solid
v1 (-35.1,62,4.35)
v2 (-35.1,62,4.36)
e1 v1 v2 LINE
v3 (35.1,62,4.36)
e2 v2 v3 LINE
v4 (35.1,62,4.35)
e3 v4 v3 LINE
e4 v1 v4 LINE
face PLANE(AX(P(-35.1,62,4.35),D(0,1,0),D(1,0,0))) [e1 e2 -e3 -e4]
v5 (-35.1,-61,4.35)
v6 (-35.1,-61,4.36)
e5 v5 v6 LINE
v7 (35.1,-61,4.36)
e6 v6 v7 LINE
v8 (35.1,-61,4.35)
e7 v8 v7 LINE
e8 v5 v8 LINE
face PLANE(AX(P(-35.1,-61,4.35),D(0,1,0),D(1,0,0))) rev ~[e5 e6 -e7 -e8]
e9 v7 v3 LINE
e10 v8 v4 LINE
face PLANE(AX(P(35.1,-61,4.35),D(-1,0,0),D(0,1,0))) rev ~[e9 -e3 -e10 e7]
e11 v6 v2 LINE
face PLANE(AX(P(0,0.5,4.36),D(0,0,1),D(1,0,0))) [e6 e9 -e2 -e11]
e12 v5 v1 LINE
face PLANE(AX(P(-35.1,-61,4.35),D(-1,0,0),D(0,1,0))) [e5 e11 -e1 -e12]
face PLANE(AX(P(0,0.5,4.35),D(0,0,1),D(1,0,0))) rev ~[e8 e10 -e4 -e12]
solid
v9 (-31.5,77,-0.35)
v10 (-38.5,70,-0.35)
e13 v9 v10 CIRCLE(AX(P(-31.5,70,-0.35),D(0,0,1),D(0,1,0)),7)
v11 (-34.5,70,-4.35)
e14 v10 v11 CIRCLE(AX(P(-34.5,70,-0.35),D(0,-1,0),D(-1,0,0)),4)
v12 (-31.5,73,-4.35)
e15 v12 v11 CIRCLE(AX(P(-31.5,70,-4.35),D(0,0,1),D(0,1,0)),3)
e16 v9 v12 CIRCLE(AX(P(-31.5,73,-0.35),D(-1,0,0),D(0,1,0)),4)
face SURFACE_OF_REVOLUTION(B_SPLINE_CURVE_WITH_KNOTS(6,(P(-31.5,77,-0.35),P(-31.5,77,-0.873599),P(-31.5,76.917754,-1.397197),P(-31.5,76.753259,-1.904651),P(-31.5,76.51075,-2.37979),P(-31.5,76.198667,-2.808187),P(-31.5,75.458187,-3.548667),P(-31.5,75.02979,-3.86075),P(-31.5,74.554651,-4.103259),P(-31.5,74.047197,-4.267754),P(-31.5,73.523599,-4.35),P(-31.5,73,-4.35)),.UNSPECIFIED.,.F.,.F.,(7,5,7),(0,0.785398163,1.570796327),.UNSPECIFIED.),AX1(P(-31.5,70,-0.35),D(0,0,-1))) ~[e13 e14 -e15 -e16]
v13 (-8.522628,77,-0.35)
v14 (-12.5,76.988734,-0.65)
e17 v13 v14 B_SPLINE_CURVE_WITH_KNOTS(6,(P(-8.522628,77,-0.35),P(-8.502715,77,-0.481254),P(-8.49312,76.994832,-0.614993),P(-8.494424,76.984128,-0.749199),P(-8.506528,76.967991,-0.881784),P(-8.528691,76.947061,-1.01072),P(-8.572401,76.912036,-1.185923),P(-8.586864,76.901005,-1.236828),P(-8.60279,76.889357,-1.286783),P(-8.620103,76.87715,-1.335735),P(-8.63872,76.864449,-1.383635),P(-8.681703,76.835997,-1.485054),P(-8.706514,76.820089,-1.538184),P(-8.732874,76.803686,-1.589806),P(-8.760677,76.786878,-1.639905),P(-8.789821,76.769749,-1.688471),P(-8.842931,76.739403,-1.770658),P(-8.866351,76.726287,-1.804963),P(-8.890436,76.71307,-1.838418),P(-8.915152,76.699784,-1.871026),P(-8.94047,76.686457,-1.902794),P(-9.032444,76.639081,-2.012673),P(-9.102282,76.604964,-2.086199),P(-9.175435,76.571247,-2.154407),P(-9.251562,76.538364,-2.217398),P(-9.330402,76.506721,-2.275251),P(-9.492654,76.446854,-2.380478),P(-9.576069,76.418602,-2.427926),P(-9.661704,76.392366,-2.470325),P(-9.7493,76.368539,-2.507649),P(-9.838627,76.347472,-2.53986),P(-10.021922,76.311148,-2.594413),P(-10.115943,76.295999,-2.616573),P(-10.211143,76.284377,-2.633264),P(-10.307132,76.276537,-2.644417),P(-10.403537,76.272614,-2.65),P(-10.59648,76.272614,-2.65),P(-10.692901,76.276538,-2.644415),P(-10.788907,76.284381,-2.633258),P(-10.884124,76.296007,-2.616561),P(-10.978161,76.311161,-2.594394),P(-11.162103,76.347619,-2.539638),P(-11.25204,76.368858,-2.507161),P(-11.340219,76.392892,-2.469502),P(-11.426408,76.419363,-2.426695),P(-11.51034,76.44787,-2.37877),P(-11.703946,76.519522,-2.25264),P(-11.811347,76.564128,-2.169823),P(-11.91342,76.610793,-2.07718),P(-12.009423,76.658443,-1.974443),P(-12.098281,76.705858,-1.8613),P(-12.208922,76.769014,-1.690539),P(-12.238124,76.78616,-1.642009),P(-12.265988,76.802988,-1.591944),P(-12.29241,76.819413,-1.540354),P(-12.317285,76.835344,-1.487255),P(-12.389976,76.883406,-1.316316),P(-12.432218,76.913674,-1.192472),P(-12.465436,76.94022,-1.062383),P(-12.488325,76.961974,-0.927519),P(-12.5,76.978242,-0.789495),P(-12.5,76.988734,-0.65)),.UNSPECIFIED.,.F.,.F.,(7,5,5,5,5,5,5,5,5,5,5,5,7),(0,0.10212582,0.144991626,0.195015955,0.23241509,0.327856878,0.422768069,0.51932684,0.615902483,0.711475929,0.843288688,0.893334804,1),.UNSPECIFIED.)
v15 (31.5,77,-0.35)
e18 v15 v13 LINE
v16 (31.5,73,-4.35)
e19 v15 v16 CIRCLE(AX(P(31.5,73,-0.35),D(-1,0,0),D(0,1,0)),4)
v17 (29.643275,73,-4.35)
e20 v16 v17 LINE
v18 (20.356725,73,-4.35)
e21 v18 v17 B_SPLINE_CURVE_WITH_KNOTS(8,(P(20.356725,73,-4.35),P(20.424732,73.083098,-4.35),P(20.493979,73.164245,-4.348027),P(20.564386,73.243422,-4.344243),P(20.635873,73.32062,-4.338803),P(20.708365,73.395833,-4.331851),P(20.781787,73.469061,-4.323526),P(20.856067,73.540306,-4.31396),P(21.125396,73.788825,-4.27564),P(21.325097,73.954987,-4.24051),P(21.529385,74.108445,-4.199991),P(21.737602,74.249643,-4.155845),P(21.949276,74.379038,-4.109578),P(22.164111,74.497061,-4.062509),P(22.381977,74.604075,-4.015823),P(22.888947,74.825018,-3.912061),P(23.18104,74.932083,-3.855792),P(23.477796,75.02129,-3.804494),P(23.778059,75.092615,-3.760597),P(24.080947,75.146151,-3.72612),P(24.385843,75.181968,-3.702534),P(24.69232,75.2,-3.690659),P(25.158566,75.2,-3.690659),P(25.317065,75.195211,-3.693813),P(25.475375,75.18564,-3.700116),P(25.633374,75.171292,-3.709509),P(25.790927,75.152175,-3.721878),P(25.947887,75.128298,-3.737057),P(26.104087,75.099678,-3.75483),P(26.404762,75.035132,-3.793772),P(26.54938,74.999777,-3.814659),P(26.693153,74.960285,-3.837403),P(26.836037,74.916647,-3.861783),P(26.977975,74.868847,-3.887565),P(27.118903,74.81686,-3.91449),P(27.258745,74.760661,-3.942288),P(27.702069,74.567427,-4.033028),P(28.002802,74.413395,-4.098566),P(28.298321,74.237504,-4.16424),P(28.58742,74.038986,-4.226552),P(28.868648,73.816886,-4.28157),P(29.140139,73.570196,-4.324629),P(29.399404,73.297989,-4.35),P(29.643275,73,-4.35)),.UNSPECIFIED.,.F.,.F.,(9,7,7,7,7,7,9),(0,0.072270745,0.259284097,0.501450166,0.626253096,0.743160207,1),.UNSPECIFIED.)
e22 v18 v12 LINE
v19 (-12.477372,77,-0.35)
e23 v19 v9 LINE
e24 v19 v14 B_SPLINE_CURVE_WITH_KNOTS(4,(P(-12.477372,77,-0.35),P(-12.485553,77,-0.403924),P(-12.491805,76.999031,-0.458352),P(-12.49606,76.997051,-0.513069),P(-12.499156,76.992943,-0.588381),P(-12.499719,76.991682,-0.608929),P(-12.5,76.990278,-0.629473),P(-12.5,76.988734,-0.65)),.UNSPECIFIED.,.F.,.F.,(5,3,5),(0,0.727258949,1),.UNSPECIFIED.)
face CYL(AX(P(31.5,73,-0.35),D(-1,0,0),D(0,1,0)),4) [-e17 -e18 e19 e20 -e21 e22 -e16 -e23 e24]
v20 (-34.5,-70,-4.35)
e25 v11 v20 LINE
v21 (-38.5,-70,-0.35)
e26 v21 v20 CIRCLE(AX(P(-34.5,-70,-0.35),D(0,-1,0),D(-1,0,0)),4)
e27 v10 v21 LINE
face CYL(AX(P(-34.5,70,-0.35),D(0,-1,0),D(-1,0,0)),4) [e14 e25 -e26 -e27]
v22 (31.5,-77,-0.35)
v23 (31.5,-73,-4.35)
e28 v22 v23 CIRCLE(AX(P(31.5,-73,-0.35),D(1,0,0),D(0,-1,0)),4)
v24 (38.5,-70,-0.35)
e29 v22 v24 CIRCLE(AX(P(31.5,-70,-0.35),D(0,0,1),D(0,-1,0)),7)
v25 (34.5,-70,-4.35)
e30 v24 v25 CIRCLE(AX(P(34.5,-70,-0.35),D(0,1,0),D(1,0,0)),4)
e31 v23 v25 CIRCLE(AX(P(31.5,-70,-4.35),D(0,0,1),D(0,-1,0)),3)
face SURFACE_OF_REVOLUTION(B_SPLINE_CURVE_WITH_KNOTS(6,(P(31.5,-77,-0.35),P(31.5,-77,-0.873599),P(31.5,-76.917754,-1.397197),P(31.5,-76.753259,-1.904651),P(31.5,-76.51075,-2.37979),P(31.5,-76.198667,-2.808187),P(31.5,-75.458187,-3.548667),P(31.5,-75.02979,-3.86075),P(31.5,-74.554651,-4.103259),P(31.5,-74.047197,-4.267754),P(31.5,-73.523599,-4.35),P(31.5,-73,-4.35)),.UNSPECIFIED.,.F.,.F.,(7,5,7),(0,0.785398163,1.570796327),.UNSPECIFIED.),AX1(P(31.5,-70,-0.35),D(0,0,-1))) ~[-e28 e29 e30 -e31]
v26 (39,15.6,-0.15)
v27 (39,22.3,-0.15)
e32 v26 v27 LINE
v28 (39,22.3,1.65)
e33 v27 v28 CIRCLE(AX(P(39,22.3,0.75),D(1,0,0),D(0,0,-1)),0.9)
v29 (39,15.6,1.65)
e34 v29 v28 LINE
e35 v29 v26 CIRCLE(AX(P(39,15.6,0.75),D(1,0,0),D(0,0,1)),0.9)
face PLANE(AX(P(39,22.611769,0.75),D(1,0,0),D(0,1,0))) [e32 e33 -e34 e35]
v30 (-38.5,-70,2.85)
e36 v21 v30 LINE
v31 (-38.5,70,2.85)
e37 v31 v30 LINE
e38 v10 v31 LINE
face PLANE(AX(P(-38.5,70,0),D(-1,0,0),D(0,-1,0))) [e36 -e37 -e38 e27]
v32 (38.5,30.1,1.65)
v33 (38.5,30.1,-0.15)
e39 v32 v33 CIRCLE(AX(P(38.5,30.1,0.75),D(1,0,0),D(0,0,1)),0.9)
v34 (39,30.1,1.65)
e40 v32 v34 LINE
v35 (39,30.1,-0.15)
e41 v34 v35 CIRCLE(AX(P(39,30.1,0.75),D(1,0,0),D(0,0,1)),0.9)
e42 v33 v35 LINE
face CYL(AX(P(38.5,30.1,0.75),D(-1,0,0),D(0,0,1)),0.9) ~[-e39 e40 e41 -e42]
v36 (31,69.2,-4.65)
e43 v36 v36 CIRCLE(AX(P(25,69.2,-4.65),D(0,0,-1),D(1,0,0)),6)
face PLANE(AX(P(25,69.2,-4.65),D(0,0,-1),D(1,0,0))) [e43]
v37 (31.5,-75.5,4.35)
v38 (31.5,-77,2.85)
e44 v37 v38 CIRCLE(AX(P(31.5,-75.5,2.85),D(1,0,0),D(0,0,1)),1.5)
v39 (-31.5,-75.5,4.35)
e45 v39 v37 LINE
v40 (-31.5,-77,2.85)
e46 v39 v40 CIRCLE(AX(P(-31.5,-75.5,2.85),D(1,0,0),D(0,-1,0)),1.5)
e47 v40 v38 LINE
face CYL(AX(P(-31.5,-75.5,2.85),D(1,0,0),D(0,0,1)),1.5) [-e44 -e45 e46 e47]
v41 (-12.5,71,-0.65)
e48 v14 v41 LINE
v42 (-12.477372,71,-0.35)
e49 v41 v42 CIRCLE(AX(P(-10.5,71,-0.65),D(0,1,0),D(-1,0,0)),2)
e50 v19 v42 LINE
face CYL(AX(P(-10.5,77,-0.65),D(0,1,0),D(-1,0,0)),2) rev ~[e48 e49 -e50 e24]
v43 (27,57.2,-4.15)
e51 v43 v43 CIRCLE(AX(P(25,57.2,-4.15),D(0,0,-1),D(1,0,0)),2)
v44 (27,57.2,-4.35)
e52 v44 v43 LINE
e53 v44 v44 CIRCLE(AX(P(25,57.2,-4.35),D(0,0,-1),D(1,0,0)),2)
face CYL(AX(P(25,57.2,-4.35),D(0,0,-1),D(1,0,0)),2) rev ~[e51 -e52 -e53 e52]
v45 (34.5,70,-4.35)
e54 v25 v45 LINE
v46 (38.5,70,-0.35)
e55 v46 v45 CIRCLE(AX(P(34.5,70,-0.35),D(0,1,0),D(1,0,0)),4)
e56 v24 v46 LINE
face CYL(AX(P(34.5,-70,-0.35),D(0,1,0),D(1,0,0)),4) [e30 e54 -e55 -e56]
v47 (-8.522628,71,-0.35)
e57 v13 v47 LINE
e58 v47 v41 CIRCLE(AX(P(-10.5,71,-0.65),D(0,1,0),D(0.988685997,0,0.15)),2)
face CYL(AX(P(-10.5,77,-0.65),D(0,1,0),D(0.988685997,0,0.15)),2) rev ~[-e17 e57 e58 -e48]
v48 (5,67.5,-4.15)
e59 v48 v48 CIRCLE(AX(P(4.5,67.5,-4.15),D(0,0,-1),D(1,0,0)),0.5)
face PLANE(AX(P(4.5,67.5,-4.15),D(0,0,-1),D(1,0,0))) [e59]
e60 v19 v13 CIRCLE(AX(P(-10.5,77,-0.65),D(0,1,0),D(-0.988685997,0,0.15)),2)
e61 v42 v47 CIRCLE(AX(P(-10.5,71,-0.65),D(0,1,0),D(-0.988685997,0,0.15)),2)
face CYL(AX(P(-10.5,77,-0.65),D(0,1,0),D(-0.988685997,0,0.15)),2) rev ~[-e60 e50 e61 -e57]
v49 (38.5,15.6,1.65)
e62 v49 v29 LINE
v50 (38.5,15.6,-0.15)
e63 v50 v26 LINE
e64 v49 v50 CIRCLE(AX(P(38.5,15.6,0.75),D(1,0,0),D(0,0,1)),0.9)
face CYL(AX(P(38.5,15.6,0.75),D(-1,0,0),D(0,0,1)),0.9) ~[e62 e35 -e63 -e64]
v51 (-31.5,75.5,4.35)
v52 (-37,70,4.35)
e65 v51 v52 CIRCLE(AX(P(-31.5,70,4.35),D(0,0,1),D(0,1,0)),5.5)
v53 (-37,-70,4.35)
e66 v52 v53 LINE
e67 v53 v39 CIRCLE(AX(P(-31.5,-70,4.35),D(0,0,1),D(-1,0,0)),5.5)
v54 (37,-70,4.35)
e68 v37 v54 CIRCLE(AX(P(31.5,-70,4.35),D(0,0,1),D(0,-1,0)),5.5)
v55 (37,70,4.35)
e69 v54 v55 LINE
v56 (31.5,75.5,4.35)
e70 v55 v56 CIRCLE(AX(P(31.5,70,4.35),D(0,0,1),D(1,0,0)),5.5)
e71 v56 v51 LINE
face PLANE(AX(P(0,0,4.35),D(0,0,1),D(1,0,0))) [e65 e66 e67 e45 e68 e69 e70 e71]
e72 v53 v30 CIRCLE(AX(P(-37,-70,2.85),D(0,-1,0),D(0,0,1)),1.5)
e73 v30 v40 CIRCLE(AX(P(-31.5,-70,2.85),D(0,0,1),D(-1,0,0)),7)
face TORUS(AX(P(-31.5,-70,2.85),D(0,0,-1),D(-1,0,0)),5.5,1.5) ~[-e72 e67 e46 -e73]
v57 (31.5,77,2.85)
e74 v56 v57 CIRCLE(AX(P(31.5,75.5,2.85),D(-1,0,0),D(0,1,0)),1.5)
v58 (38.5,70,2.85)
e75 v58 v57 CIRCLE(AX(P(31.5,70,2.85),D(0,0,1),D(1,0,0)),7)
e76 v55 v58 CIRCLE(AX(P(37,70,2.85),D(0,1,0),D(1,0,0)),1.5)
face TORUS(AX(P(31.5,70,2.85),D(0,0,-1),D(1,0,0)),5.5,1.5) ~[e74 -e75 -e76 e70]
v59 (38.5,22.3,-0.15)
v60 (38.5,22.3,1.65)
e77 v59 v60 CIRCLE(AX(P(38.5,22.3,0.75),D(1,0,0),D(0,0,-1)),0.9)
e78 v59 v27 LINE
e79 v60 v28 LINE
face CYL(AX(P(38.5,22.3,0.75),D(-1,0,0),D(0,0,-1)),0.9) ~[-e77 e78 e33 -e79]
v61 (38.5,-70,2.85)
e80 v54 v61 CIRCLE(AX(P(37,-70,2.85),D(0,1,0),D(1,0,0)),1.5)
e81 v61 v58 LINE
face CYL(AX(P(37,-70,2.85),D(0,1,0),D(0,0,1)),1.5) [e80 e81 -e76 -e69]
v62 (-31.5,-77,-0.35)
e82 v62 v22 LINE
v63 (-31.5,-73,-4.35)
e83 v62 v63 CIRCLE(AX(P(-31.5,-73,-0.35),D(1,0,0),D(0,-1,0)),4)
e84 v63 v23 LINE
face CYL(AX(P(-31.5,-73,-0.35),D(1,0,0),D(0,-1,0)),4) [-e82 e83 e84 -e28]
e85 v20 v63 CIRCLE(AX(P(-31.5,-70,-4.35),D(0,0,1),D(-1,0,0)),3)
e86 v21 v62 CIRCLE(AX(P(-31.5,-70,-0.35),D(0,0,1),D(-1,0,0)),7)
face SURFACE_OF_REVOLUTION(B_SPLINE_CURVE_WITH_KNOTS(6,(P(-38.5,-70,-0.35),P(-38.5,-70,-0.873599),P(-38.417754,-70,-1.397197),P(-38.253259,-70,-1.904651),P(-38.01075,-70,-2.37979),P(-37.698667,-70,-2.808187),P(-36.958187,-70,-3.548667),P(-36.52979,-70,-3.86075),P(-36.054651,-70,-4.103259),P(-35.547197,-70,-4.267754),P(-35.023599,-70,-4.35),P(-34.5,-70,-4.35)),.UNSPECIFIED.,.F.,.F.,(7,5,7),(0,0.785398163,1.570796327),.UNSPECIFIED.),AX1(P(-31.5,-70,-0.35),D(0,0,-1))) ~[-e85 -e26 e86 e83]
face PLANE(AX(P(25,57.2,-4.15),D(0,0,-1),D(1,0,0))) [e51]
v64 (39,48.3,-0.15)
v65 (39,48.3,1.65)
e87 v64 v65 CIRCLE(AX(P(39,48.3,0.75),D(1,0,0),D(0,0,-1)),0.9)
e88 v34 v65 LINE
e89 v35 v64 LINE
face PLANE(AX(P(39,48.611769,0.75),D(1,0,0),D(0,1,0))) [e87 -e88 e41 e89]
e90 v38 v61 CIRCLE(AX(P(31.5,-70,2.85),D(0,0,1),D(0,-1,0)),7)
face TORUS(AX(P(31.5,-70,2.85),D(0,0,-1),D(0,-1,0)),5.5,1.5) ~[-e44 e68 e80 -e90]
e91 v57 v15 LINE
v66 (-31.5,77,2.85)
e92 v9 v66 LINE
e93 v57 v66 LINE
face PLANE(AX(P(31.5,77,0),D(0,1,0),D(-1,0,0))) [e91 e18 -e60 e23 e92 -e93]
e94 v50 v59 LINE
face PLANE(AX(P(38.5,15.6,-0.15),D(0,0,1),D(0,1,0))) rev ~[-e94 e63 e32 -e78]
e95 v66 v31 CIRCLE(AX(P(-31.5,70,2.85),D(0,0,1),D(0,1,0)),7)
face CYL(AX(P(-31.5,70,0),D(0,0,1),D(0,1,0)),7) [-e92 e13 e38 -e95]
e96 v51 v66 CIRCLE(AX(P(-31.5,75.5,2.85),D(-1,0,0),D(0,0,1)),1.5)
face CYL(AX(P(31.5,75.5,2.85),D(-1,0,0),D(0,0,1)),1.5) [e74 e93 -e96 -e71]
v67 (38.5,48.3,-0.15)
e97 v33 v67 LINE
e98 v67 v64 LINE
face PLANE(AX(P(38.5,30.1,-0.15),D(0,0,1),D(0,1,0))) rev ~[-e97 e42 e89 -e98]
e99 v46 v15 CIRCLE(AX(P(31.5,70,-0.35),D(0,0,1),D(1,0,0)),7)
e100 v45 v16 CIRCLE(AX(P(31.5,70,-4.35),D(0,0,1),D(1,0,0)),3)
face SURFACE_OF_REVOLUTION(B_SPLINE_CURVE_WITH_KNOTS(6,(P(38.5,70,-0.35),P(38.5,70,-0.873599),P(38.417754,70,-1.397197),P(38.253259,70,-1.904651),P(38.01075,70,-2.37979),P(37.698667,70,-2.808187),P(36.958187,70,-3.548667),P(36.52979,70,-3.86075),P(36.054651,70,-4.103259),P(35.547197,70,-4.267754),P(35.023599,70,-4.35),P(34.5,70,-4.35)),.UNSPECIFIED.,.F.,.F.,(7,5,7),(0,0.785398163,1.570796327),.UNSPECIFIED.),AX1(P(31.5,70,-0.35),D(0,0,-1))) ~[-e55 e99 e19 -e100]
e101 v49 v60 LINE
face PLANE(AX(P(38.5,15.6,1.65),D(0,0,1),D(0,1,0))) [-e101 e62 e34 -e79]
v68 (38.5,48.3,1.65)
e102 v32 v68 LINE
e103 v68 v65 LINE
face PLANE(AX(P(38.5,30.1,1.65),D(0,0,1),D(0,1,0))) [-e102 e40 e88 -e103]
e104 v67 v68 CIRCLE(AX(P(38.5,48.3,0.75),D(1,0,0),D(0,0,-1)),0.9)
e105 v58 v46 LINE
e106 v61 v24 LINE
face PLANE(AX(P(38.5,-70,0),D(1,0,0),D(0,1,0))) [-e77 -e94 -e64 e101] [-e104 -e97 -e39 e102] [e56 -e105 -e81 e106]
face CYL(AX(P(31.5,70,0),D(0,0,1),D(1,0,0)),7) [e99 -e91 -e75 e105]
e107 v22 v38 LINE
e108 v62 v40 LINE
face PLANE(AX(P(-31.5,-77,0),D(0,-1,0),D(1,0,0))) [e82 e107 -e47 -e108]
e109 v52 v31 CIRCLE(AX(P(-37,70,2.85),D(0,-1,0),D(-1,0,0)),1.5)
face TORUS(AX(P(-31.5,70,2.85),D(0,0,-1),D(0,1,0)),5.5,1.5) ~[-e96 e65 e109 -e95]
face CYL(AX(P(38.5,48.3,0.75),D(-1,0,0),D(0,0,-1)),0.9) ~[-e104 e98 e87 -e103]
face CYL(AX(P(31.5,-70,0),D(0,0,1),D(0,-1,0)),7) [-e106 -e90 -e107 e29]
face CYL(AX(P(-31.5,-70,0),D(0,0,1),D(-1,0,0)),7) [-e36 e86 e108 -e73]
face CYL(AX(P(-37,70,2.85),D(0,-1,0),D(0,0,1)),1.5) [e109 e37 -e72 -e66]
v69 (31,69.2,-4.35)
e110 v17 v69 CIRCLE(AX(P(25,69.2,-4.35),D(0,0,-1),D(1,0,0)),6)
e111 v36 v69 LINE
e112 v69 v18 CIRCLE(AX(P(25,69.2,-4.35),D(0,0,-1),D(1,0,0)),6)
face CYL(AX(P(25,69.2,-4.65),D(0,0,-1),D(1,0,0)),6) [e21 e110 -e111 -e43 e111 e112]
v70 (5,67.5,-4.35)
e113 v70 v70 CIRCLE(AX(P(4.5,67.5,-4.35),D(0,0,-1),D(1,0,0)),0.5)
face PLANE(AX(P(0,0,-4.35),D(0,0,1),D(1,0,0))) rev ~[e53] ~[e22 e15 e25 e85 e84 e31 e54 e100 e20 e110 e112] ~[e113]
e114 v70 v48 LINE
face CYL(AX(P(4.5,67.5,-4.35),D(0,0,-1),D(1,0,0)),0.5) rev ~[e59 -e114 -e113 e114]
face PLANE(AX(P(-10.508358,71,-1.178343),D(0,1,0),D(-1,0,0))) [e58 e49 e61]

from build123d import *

# Parameters (mm, degrees)
F1_DEPTH  = 4.35
F2_R      = 4
F3_R      = 1.5
F7_R      = 6
F8_DEPTH  = 4.65
F9_W      = 70.2
F9_H      = 123
F10_DEPTH = 0.01
F11_R     = 2
F11_R_2   = 0.5
F12_DEPTH = 0.2
F14_DEPTH = 6
F15_W     = 18.2
F15_H     = 1.8
F15_W_2   = 6.7
F16_DEPTH = 0.5


with BuildPart() as f1:
    # F0 (on Top) → F1 (new body, symmetric)
    with BuildSketch(Plane.XY):
        with BuildLine():
            Line((31.5, 77), (-31.5, 77))
            ThreePointArc((-31.5, 77), (-36.4497474683, 74.9497474683), (-38.5, 70))
            Line((-38.5, 70), (-38.5, -70))
            ThreePointArc((-38.5, -70), (-36.4497474683, -74.9497474683), (-31.5, -77))
            Line((-31.5, -77), (31.5, -77))
            ThreePointArc((31.5, -77), (36.4497474683, -74.9497474683), (38.5, -70))
            Line((38.5, -70), (38.5, 70))
            ThreePointArc((38.5, 70), (36.4497474683, 74.9497474683), (31.5, 77))
        make_face()
    extrude(amount=F1_DEPTH, both=True)

    # F2
    f2_edges = [f1.edges().sort_by_distance(p)[0] for p in [
        (38.5, 0, -4.35),
    ]]
    fillet(f2_edges, radius=F2_R)

    # F3
    f3_edges = [f1.edges().sort_by_distance(p)[0] for p in [
        (36.449747, 74.949747, 4.35),
        (0, 77, 4.35),
        (-36.449747, 74.949747, 4.35),
        (-38.5, 0, 4.35),
        (-36.449747, -74.949747, 4.35),
        (0, -77, 4.35),
        (36.449747, -74.949747, 4.35),
        (38.5, 0, 4.35),
    ]]
    fillet(f3_edges, radius=F3_R)

    # F7 (on offset) → F8 (join, through all)
    with BuildSketch(Plane(origin=(0, 0, -4.65), x_dir=(1, 0, 0), z_dir=(0, 0, -1))):
        with Locations((25, -69.2)):
            Circle(F7_R)
    extrude(amount=-F8_DEPTH)

    # F11 (on face) → F12 (cut)
    with BuildSketch(Plane(origin=(0, 0, -4.35), x_dir=(1, 0, 0), z_dir=(0, 0, -1))):
        with Locations((25, -57.2)):
            Circle(F11_R)
        with Locations((4.5, -67.5)):
            Circle(F11_R_2)
    extrude(amount=-F12_DEPTH, mode=Mode.SUBTRACT)

    # F13 (on face) → F14 (cut)
    with BuildSketch(Plane(origin=(0, 77, 0), x_dir=(-1, 0, 0), z_dir=(0, 1, 0))):
        with BuildLine():
            ThreePointArc((8.5226280067, -0.35), (10.3495739163, -2.6443349752), (12.5, -0.65))
            ThreePointArc((12.5, -0.65), (12.4943349752, -0.4995739163), (12.4773719933, -0.35))
            Line((12.4773719933, -0.35), (8.5226280067, -0.35))
        make_face()
        with BuildLine():
            Line((8.5226280067, -0.35), (12.4773719933, -0.35))
            ThreePointArc((12.4773719933, -0.35), (10.5, 1.35), (8.5226280067, -0.35))
        make_face()
    extrude(amount=-F14_DEPTH, mode=Mode.SUBTRACT)

    # F15 (on face) → F16 (join)
    with BuildSketch(Plane.YZ.offset(38.5)):
        with BuildLine():
            ThreePointArc((48.3, -0.15), (49.2, 0.75), (48.3, 1.65))
            Line((48.3, 1.65), (48.3, -0.15))
        make_face()
        with Locations((39.2, 0.75)):
            Rectangle(F15_W, F15_H)
        with BuildLine():
            Line((30.1, -0.15), (30.1, 1.65))
            ThreePointArc((30.1, 1.65), (29.2, 0.75), (30.1, -0.15))
        make_face()
        with BuildLine():
            ThreePointArc((22.3, -0.15), (23.2, 0.75), (22.3, 1.65))
            Line((22.3, 1.65), (22.3, -0.15))
        make_face()
        with Locations((18.95, 0.75)):
            Rectangle(F15_W_2, F15_H)
        with BuildLine():
            Line((15.6, -0.15), (15.6, 1.65))
            ThreePointArc((15.6, 1.65), (14.7, 0.75), (15.6, -0.15))
        make_face()
    extrude(amount=F16_DEPTH)


with BuildPart() as f10:
    # F9 (on face) → F10 (new body)
    with BuildSketch(Plane.XY.offset(4.35)):
        with Locations((0, 0.5)):
            Rectangle(F9_W, F9_H)
    extrude(amount=F10_DEPTH)


solid = Compound([f1.part, f10.part])
